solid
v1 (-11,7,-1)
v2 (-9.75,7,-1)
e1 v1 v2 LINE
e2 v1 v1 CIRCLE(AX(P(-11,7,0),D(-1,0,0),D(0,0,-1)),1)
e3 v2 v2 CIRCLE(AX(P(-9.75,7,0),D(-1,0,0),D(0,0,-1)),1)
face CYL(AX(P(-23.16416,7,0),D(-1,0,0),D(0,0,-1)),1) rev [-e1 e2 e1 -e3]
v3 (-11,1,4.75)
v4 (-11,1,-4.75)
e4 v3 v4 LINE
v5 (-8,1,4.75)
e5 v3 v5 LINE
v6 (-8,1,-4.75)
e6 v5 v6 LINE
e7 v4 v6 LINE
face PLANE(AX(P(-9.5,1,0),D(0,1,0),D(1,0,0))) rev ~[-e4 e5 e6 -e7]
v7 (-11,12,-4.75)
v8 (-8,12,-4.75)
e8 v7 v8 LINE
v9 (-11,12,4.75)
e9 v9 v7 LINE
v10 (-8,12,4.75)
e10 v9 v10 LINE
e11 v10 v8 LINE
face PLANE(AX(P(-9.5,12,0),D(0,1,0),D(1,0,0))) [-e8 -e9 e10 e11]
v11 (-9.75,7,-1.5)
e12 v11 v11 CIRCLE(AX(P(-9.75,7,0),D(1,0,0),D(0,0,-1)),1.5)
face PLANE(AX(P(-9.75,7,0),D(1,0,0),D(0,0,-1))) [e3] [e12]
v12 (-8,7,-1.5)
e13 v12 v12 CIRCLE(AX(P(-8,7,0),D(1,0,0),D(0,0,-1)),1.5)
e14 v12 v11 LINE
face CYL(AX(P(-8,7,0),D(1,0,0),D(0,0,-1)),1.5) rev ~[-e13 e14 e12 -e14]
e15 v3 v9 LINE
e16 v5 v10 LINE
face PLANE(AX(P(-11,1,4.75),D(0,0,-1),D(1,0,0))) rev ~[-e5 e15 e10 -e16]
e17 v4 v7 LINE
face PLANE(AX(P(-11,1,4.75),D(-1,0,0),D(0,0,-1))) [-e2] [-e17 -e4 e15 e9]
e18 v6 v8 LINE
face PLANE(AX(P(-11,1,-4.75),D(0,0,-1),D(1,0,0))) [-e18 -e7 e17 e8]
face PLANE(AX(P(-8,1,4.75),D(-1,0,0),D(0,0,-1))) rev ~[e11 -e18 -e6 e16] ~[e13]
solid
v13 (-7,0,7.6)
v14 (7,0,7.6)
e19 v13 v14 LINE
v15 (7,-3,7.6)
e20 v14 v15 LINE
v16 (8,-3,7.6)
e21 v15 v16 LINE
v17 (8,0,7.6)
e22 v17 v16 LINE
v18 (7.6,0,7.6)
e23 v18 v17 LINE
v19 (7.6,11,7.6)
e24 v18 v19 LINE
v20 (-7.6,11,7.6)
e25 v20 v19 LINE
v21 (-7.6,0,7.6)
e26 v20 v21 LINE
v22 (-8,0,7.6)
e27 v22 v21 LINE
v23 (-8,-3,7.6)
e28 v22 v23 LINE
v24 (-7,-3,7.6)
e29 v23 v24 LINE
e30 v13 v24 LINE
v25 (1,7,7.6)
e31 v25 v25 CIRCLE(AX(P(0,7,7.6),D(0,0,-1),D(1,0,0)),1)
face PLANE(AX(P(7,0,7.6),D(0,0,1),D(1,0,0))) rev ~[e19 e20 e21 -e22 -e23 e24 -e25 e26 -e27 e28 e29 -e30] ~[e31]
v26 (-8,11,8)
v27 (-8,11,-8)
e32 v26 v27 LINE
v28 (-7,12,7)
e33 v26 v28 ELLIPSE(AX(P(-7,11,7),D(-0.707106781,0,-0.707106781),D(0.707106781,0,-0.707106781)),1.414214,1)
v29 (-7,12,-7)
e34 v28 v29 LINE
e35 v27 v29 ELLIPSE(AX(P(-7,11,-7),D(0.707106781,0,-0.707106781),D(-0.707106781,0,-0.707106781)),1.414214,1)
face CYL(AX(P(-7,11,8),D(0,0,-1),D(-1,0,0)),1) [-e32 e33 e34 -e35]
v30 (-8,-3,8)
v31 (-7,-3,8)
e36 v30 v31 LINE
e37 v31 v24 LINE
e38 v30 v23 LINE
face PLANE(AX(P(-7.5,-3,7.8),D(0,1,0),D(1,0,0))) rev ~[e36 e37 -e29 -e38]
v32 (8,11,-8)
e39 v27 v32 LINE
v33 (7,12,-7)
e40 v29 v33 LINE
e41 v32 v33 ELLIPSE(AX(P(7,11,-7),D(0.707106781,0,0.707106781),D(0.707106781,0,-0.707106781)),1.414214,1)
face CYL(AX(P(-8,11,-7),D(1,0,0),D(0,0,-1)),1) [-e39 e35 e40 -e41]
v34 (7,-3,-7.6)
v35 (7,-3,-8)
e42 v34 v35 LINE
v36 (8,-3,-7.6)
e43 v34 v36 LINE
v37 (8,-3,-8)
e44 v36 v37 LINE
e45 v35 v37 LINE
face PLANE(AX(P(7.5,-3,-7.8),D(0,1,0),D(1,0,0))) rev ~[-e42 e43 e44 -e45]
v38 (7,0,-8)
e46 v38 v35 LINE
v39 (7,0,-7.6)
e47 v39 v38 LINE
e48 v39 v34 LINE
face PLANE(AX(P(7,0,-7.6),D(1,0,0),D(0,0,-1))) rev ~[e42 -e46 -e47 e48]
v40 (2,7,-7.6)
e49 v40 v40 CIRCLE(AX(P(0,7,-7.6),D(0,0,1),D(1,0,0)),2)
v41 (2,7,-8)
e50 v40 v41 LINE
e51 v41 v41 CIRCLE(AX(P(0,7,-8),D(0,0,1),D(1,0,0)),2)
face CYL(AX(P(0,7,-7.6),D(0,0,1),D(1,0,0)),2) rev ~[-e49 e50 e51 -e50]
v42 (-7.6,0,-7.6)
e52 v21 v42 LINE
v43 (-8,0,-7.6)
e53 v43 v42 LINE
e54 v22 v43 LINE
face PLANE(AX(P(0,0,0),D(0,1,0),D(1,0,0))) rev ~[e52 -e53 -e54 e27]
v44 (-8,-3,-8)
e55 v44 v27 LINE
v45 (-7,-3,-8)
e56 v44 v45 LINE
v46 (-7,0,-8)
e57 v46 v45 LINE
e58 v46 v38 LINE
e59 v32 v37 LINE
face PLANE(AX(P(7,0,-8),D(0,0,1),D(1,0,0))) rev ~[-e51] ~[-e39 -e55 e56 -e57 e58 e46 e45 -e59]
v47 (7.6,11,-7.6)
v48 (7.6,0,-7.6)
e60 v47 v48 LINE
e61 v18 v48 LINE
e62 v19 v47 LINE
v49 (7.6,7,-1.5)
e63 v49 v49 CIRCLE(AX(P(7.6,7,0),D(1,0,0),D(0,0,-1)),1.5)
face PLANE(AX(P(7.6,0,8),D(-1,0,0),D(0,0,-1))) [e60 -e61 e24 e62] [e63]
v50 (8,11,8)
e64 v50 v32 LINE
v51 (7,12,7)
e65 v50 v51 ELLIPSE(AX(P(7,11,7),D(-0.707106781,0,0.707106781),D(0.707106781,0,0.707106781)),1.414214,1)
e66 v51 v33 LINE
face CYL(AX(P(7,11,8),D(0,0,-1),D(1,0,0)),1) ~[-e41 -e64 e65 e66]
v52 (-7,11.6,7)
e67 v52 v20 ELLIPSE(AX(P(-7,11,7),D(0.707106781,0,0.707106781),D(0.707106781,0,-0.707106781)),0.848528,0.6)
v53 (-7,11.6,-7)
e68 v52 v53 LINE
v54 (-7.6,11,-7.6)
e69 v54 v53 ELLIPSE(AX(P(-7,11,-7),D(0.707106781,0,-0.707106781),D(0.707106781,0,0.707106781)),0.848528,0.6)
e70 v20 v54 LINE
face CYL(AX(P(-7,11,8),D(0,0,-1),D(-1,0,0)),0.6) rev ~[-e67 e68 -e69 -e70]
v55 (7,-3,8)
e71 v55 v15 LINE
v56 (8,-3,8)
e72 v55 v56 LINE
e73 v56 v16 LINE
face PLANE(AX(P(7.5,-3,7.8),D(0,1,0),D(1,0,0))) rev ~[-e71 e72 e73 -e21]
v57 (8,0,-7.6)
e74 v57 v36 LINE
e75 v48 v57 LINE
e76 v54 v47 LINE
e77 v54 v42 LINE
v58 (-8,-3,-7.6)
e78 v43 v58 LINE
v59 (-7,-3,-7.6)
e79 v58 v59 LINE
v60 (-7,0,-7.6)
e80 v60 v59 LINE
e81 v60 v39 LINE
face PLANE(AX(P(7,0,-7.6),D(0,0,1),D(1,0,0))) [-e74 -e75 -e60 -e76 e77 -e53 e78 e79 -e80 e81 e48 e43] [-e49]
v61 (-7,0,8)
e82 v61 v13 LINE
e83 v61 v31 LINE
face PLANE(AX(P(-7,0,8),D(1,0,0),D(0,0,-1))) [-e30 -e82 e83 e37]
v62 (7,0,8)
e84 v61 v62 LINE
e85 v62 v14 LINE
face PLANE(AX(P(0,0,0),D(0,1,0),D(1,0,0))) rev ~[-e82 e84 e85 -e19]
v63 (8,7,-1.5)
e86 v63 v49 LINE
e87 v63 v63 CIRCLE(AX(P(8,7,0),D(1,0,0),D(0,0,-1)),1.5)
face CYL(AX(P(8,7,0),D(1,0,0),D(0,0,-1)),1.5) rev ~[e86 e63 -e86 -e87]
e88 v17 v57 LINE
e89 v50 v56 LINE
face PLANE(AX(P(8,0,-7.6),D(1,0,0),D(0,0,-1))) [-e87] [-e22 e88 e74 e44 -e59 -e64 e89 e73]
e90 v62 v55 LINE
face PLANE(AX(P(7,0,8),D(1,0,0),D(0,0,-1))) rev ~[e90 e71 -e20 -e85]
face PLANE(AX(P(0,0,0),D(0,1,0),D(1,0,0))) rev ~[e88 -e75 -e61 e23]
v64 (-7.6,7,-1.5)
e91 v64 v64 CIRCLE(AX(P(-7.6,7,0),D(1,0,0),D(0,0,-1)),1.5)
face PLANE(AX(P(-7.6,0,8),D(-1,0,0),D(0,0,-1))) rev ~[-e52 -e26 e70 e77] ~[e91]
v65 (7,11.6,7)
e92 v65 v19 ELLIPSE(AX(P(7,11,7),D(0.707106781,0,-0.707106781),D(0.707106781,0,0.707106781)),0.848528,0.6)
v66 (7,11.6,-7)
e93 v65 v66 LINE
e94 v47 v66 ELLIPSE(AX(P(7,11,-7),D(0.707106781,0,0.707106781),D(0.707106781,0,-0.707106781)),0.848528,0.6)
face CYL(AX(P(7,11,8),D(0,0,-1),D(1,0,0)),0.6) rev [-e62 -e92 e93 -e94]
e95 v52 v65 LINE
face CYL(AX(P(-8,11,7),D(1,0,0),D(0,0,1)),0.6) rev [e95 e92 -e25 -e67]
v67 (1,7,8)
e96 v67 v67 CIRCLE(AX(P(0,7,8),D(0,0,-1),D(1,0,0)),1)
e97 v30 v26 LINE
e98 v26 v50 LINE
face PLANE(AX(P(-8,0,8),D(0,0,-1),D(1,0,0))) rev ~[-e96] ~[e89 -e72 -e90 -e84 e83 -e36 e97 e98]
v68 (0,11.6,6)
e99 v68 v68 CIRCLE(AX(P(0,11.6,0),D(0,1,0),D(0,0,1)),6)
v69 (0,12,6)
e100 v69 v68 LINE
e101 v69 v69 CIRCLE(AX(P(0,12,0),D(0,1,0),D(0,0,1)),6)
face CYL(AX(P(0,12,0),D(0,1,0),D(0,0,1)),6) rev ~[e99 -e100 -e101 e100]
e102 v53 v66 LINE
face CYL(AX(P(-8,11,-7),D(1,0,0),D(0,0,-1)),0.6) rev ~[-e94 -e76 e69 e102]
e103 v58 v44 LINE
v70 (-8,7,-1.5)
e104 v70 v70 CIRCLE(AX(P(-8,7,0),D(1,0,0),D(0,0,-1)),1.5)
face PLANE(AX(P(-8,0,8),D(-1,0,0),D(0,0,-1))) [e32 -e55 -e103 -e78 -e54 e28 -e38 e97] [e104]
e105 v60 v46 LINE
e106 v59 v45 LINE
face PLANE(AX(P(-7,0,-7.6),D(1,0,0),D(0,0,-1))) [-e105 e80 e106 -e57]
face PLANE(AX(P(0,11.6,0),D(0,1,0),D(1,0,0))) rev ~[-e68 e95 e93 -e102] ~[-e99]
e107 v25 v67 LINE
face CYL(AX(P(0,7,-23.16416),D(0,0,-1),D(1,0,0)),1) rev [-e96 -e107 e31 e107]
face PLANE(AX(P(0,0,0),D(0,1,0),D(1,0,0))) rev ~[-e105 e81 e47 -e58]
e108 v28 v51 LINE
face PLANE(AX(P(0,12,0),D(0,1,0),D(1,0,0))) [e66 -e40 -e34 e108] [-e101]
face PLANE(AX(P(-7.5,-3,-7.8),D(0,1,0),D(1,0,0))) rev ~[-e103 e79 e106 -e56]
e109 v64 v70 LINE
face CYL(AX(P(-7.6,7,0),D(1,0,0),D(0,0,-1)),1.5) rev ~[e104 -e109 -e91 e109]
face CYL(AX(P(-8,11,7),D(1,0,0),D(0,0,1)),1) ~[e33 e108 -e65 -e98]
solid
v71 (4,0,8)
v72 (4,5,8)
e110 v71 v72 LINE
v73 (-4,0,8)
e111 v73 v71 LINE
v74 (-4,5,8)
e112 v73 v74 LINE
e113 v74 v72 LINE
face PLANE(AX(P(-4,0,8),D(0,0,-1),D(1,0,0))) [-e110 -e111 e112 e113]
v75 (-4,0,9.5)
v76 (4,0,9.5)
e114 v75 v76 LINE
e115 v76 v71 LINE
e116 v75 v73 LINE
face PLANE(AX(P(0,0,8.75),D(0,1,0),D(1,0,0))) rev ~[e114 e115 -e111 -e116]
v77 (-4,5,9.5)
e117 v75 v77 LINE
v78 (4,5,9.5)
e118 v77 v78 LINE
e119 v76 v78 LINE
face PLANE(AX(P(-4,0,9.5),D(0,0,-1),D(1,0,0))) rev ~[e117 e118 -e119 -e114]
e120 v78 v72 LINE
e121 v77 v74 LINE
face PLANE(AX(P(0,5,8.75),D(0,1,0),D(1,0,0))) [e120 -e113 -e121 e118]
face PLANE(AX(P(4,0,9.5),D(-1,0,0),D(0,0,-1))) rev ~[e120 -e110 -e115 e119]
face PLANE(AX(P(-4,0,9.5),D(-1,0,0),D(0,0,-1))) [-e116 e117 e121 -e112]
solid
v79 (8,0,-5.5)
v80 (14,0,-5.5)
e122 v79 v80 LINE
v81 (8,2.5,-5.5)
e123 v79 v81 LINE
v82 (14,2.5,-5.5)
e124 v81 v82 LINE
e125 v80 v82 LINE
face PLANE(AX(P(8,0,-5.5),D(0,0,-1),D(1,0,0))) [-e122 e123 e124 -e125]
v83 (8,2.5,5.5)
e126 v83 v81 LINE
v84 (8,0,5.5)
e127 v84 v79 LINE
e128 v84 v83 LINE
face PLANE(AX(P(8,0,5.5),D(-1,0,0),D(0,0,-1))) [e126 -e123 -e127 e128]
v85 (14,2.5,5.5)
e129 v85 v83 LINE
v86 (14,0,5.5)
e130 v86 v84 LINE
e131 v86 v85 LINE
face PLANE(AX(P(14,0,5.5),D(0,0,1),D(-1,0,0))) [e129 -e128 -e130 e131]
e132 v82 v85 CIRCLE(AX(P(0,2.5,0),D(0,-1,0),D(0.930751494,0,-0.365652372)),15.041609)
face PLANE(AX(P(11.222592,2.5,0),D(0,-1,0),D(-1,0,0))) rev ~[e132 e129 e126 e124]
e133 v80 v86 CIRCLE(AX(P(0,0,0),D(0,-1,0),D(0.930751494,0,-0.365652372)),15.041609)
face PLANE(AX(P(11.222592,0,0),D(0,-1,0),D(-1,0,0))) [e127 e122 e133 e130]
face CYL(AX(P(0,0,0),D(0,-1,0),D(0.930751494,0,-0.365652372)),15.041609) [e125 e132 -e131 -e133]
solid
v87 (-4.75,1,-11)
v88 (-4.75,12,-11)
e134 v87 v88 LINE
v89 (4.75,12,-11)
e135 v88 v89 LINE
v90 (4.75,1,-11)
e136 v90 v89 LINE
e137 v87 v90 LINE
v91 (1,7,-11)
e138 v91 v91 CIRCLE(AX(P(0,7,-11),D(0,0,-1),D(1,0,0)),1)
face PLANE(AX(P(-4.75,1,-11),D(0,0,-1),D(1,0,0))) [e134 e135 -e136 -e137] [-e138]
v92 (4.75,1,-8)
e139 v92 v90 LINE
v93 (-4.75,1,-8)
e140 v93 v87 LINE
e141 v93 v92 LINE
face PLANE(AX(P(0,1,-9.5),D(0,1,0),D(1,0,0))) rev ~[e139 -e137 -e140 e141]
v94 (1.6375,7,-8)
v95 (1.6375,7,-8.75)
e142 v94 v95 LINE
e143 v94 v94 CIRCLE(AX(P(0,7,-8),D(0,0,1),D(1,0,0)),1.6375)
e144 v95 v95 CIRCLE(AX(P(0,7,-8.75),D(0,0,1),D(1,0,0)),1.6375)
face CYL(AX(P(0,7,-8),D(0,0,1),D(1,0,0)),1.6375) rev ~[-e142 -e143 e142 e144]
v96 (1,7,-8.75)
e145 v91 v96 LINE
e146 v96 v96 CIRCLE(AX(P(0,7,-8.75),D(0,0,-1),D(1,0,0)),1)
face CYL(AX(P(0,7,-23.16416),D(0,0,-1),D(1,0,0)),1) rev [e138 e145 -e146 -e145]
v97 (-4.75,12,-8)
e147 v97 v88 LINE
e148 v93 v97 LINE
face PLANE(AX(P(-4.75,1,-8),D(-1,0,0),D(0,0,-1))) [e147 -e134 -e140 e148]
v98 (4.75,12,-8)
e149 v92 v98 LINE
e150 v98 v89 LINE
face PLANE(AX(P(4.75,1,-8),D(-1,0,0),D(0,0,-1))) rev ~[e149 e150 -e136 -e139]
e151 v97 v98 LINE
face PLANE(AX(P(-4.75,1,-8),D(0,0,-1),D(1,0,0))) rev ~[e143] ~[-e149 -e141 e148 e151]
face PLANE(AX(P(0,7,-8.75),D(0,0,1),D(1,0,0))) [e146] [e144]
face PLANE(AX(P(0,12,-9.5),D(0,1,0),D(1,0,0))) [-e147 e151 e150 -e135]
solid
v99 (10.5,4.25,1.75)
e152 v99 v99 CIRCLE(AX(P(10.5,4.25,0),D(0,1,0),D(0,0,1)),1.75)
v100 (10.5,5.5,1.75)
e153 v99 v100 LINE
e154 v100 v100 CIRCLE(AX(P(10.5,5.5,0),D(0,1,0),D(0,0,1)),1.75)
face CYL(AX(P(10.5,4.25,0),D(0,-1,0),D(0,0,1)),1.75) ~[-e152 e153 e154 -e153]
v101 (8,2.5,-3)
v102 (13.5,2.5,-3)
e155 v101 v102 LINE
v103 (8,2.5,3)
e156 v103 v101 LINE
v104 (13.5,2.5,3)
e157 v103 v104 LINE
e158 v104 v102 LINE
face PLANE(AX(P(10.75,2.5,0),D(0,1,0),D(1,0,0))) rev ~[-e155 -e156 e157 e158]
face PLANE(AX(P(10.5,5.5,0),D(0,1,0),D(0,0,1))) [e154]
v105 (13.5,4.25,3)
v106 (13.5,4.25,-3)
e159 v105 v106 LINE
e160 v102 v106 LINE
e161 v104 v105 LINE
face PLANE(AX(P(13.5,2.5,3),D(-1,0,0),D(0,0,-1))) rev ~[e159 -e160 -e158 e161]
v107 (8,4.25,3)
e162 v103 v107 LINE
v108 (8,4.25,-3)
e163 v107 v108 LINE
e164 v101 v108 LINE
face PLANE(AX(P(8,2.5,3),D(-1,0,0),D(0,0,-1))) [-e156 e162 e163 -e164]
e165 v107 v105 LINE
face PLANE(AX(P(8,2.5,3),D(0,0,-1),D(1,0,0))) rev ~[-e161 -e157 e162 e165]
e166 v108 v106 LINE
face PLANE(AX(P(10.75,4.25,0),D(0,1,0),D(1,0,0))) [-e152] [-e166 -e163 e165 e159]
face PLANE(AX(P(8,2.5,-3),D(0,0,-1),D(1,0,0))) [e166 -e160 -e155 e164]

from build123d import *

# Parameters (mm, degrees)
SKETCH1_W            = 16
SKETCH1_H            = 16
EXTRUDE1_DEPTH       = 12
FILLET1_R            = 1
SHELL1_T             = -0.4
SKETCH2_R            = 6
EXTRUDE2_DEPTH       = 17.492422502
SKETCH4_W            = 8
SKETCH4_H            = 1.5
EXTRUDE3_DEPTH       = 5
EXTRUDE4_START       = 1
SKETCH5_W            = 3
SKETCH5_H            = 9.5
EXTRUDE4_DEPTH       = 11
EXTRUDE5_START       = 1
SKETCH6_W            = 9.5
SKETCH6_H            = 3
EXTRUDE5_DEPTH       = 11
EXTRUDE6_DEPTH       = 2.5
SKETCH8_W            = 5.5
SKETCH8_H            = 6
EXTRUDE7_DEPTH       = 1.75
SKETCH9_R            = 1.75
EXTRUDE8_DEPTH       = 1.25
EXTRUDE9_DEPTH       = 23.164160259
EXTRUDE9_DEPTH_BACK  = 23.164160259
SKETCH10_R           = 1
EXTRUDE10_DEPTH      = 23.164160259
EXTRUDE10_DEPTH_BACK = 23.164160259
SKETCH11_R           = 1
SKETCH12_W           = 1
SKETCH12_H           = 0.4
EXTRUDE11_DEPTH      = 3
SKETCH13_R           = 1.5
EXTRUDE12_DEPTH      = 0.4
SKETCH14_R           = 1.5
EXTRUDE13_DEPTH      = 0.4
SKETCH15_R           = 1.5
CUT_EXTRUDE1_DEPTH   = 1.75
SKETCH17_R           = 1.6375
CUT_EXTRUDE2_DEPTH   = 0.75
SKETCH18_R           = 1.5
CUT_EXTRUDE3_DEPTH   = 0.4
SKETCH19_R           = 2
EXTRUDE14_DEPTH      = 0.4


with BuildPart() as part:
    # Sketch1 → Extrude1 (new body)
    with BuildSketch(Plane(origin=(0, 0, 0), x_dir=(1, 0, 0), z_dir=(0, 1, 0))):
        Rectangle(SKETCH1_W, SKETCH1_H)
    extrude(amount=EXTRUDE1_DEPTH)

    # Fillet1
    fillet1_edges = [part.edges().sort_by_distance(p)[0] for p in [
        (-8, 12, 0),
        (0, 12, 8),
        (8, 12, 0),
        (0, 12, -8),
    ]]
    fillet(fillet1_edges, radius=FILLET1_R)

    # Shell1
    shell1_openings = [part.faces().sort_by_distance(p)[0] for p in [
        (0, 0, 0),
    ]]
    offset(amount=SHELL1_T, openings=shell1_openings)

    # Sketch2 → Extrude2 (cut, through all)
    with BuildSketch(Plane(origin=(0, 12, 0), x_dir=(1, 0, 0), z_dir=(0, 1, 0))):
        with Locations(Location((0, 0, 0), (0, 0, 270))):
            Circle(SKETCH2_R)
    extrude(amount=-EXTRUDE2_DEPTH, mode=Mode.SUBTRACT)


with BuildPart() as body_2:
    # Sketch4 → Extrude3 (new body)
    with BuildSketch(Plane(origin=(0, 0, 0), x_dir=(1, 0, 0), z_dir=(0, 1, 0))):
        with Locations((0, -8.75)):
            Rectangle(SKETCH4_W, SKETCH4_H)
    extrude(amount=EXTRUDE3_DEPTH)


with BuildPart() as body_3:
    # Sketch5 → Extrude4 (new body)
    with BuildSketch(Plane(origin=(0, 0, 0), x_dir=(1, 0, 0), z_dir=(0, 1, 0)).offset(EXTRUDE4_START)):
        with Locations((-9.5, 0)):
            Rectangle(SKETCH5_W, SKETCH5_H)
    extrude(amount=EXTRUDE4_DEPTH)


with BuildPart() as body_4:
    # Sketch6 → Extrude5 (new body)
    with BuildSketch(Plane(origin=(0, 0, 0), x_dir=(1, 0, 0), z_dir=(0, 1, 0)).offset(EXTRUDE5_START)):
        with Locations((0, 9.5)):
            Rectangle(SKETCH6_W, SKETCH6_H)
    extrude(amount=EXTRUDE5_DEPTH)


with BuildPart() as body_5:
    # Sketch7 → Extrude6 (new body)
    with BuildSketch(Plane(origin=(0, 0, 0), x_dir=(1, 0, 0), z_dir=(0, 1, 0))):
        with BuildLine():
            Line((8, 5.5), (14, 5.5))
            ThreePointArc((14, 5.5), (15.041608956, 0), (14, -5.5))
            Line((14, -5.5), (8, -5.5))
            Line((8, -5.5), (8, 5.5))
        make_face()
    extrude(amount=EXTRUDE6_DEPTH)


with BuildPart() as body_6:
    # Sketch8 → Extrude7 (new body)
    with BuildSketch(Plane(origin=(0, 2.5, 0), x_dir=(1, 0, 0), z_dir=(0, 1, 0))):
        with Locations((10.75, 0)):
            Rectangle(SKETCH8_W, SKETCH8_H)
    extrude(amount=EXTRUDE7_DEPTH)

    # Sketch9 → Extrude8 (add)
    with BuildSketch(Plane(origin=(0, 4.25, 0), x_dir=(1, 0, 0), z_dir=(0, 1, 0))):
        with Locations(Location((10.5, 0, 0), (0, 0, 270))):
            Circle(SKETCH9_R)
    extrude(amount=EXTRUDE8_DEPTH)


with BuildPart() as extrude9_tool:
    # Sketch10 → Extrude9 (new, two sides: drawn at the far end of the back side and taken through both)
    with BuildSketch(Plane.XY.offset(-EXTRUDE9_DEPTH_BACK)):
        with Locations((0, 7)):
            Circle(SKETCH10_R)
    extrude(amount=EXTRUDE9_DEPTH + EXTRUDE9_DEPTH_BACK)


with BuildPart() as part_1:
    add(part.part)

    # Extrude9: cut by extrude9_tool
    add(extrude9_tool.part, mode=Mode.SUBTRACT)


with BuildPart() as body_4_1:
    add(body_4.part)

    # Extrude9: cut by extrude9_tool
    add(extrude9_tool.part, mode=Mode.SUBTRACT)

    # Sketch17 → Cut-Extrude2 (cut)
    with BuildSketch(Plane.XY.offset(-8)):
        with Locations((0, 7)):
            Circle(SKETCH17_R)
    extrude(amount=-CUT_EXTRUDE2_DEPTH, mode=Mode.SUBTRACT)


with BuildPart() as extrude10_tool:
    # Sketch11 → Extrude10 (new, two sides: drawn at the far end of the back side and taken through both)
    with BuildSketch(Plane(origin=(0, 0, 0), x_dir=(0, 0, -1), z_dir=(1, 0, 0)).offset(-EXTRUDE10_DEPTH_BACK)):
        with Locations((0, 7)):
            Circle(SKETCH11_R)
    extrude(amount=EXTRUDE10_DEPTH + EXTRUDE10_DEPTH_BACK)


with BuildPart() as part_2:
    add(part_1.part)

    # Extrude10: cut by extrude10_tool
    add(extrude10_tool.part, mode=Mode.SUBTRACT)

    # Sketch12 → Extrude11 (add)
    with BuildSketch(Plane(origin=(0, 0, 0), x_dir=(1, 0, 0), z_dir=(0, 1, 0))):
        with Locations((7.5, 7.8)):
            Rectangle(SKETCH12_W, SKETCH12_H)
        with Locations((-7.5, 7.8)):
            Rectangle(SKETCH12_W, SKETCH12_H)
        with Locations((7.5, -7.8)):
            Rectangle(SKETCH12_W, SKETCH12_H)
        with Locations((-7.5, -7.8)):
            Rectangle(SKETCH12_W, SKETCH12_H)
    extrude(amount=-EXTRUDE11_DEPTH)

    # Sketch13 → Extrude12 (cut)
    with BuildSketch(Plane.XY.offset(-7.6)):
        with Locations((0, 7)):
            Circle(SKETCH13_R)
    extrude(amount=-EXTRUDE12_DEPTH, mode=Mode.SUBTRACT)

    # Sketch14 → Extrude13 (cut)
    with BuildSketch(Plane(origin=(-7.6, 0, 0), x_dir=(0, 0, -1), z_dir=(1, 0, 0))):
        with Locations((0, 7)):
            Circle(SKETCH14_R)
    extrude(amount=-EXTRUDE13_DEPTH, mode=Mode.SUBTRACT)

    # Sketch18 → Cut-Extrude3 (cut)
    with BuildSketch(Plane(origin=(8, 0, 0), x_dir=(0, 0, -1), z_dir=(1, 0, 0))):
        with Locations((0, 7)):
            Circle(SKETCH18_R)
    extrude(amount=-CUT_EXTRUDE3_DEPTH, mode=Mode.SUBTRACT)

    # Sketch19 → Extrude14 (cut)
    with BuildSketch(Plane.XY.offset(-7.6)):
        with Locations((0, 7)):
            Circle(SKETCH19_R)
    extrude(amount=-EXTRUDE14_DEPTH, mode=Mode.SUBTRACT)


with BuildPart() as body_3_1:
    add(body_3.part)

    # Extrude10: cut by extrude10_tool
    add(extrude10_tool.part, mode=Mode.SUBTRACT)

    # Sketch15 → Cut-Extrude1 (cut)
    with BuildSketch(Plane(origin=(-8, 0, 0), x_dir=(0, 0, -1), z_dir=(1, 0, 0))):
        with Locations((0, 7)):
            Circle(SKETCH15_R)
    extrude(amount=-CUT_EXTRUDE1_DEPTH, mode=Mode.SUBTRACT)


solid = Compound([body_2.part, body_5.part, body_6.part, body_4_1.part, part_2.part, body_3_1.part])
